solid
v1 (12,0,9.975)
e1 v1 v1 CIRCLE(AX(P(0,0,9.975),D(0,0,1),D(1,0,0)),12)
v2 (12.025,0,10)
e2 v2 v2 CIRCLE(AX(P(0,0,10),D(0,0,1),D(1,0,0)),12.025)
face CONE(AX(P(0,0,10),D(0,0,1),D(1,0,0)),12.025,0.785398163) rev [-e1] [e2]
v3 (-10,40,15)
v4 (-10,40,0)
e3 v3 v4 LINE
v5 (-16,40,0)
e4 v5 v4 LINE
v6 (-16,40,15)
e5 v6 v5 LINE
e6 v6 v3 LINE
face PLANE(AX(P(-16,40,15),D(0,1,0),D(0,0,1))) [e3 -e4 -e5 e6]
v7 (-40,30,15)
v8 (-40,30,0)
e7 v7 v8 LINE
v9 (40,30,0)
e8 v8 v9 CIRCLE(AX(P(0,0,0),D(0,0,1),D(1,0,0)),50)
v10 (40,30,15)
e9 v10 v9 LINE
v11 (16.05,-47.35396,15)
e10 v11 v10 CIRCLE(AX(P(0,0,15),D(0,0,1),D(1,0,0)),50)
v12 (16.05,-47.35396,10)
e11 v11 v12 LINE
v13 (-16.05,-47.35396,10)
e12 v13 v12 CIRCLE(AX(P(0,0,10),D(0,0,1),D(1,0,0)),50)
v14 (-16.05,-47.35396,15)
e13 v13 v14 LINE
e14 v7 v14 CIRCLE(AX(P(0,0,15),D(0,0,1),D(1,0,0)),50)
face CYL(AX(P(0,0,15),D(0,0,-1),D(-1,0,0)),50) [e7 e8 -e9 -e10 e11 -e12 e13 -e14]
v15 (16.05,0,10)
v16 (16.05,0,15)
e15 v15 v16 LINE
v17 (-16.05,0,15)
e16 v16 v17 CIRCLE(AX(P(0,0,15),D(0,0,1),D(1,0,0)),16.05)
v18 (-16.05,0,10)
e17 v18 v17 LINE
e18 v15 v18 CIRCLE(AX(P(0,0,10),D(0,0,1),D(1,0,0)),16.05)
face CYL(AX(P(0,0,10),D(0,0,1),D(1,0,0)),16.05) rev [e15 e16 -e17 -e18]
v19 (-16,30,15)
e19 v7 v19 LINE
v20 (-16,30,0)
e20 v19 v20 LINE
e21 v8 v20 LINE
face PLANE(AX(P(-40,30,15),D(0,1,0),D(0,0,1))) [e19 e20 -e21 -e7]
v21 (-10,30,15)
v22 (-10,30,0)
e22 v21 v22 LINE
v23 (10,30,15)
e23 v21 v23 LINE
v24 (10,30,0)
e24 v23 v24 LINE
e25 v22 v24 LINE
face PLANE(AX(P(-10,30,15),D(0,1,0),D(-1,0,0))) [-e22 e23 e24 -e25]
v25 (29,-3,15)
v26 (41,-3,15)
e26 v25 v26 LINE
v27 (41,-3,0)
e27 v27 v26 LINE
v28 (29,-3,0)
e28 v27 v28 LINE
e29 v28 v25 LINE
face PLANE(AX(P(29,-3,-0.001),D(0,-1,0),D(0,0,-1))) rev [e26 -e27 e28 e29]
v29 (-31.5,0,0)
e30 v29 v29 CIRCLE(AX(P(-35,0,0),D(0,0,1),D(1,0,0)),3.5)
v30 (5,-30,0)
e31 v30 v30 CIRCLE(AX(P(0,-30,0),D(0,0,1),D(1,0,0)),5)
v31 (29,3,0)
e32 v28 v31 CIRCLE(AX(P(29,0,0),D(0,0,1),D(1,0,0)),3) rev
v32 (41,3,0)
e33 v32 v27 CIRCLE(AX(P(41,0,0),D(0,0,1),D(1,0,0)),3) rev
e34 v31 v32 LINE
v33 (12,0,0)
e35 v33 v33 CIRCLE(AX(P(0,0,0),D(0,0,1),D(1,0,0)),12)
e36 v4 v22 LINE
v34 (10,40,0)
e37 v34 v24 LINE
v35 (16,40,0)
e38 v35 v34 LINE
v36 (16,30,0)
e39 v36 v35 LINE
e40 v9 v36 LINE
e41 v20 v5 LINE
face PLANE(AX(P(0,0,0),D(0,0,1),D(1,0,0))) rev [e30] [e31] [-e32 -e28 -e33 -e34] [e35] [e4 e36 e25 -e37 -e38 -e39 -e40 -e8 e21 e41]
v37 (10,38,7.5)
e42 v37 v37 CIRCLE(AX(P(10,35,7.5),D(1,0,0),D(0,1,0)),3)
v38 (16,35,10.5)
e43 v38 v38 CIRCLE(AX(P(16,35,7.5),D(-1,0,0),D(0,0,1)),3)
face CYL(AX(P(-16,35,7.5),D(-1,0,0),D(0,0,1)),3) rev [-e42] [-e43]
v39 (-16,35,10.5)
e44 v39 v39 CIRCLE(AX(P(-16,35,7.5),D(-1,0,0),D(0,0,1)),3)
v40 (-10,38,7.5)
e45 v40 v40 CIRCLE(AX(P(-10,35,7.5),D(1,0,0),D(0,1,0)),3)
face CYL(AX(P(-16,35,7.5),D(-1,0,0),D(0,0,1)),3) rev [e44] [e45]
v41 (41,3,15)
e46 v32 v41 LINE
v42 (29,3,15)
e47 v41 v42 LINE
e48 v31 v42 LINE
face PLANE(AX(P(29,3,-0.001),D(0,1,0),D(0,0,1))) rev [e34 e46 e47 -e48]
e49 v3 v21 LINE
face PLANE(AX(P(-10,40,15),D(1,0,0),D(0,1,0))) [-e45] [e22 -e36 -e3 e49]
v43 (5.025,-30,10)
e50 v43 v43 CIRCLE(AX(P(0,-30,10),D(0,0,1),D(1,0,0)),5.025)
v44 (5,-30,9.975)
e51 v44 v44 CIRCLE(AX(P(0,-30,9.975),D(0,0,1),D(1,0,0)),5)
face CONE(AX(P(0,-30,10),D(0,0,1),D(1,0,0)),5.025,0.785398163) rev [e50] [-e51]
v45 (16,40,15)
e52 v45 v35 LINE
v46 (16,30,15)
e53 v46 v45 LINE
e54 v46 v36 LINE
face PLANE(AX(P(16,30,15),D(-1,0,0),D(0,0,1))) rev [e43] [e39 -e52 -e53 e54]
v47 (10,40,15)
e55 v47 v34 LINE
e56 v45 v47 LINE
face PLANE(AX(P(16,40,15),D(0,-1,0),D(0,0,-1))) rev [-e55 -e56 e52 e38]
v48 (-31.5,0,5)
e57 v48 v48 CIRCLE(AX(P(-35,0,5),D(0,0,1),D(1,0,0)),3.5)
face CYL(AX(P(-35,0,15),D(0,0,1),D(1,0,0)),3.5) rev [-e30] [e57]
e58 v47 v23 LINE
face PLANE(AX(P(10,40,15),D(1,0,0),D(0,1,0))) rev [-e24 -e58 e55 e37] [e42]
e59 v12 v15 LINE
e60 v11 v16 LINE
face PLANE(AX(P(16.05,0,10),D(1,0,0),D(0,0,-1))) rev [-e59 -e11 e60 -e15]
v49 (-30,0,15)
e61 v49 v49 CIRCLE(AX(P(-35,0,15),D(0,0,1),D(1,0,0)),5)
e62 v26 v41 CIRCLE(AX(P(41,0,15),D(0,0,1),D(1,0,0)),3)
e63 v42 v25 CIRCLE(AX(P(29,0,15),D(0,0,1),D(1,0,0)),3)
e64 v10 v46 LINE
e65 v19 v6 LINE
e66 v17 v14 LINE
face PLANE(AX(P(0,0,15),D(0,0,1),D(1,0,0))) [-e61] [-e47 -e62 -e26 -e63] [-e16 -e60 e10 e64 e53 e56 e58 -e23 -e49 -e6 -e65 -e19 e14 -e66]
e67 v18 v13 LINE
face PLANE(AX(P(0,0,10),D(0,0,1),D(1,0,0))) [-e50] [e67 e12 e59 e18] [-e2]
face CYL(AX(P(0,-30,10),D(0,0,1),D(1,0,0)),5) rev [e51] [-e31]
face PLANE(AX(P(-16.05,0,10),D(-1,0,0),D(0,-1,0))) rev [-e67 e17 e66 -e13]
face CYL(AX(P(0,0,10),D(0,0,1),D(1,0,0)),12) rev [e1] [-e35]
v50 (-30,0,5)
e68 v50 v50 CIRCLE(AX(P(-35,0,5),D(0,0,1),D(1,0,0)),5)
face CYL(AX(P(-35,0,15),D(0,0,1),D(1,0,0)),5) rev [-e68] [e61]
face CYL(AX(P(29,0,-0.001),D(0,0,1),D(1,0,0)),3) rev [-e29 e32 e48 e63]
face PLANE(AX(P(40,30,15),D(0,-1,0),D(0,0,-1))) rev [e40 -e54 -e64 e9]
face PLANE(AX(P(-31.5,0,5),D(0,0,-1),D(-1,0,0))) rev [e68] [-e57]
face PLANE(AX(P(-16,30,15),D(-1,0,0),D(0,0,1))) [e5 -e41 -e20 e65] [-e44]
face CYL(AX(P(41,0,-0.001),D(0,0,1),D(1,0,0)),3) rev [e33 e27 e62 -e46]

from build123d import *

# Parameters (mm, degrees)
ESTRUSIONE_ESTRUSIONE1_DEPTH = 15
TAGLIO_ESTRUSIONE1_DEPTH     = 5
TAGLIO_ESTRUSIONE2_REACH     = 74.284
FORO_6_0_6_1_D               = 6


with BuildPart() as part:
    # Schizzo1 → Estrusione-Estrusione1 (new body)
    with BuildSketch(Plane.XY):
        with BuildLine():
            Line((-40, 30), (-16, 30))
            Line((-16, 30), (-16, 40))
            Line((-16, 40), (-10, 40))
            Line((-10, 40), (-10, 30))
            Line((-10, 30), (10, 30))
            Line((10, 30), (10, 40))
            Line((10, 40), (16, 40))
            Line((16, 40), (16, 30))
            Line((16, 30), (40, 30))
            ThreePointArc((40, 30), (0, -50), (-40, 30))
        make_face()
    extrude(amount=ESTRUSIONE_ESTRUSIONE1_DEPTH)

    # Schizzo2 → Taglio-Estrusione1 (cut)
    with BuildSketch(Plane.XY.offset(15)):
        with BuildLine():
            Line((16.05, 0), (16.05, -60))
            ThreePointArc((16.05, -60), (0, -76.05), (-16.05, -60))
            Line((-16.05, -60), (-16.05, 0))
            ThreePointArc((-16.05, 0), (0, 16.05), (16.05, 0))
        make_face()
    extrude(amount=-TAGLIO_ESTRUSIONE1_DEPTH, mode=Mode.SUBTRACT)

    # Schizzo3 → Taglio-Estrusione2 (cut, up to next)
    with BuildSketch(Plane.XY.offset(15), mode=Mode.PRIVATE) as taglio_estrusione2_sk1:
        with BuildLine():
            Line((29, 3), (41, 3))
            ThreePointArc((41, 3), (44, 0), (41, -3))
            Line((41, -3), (29, -3))
            ThreePointArc((29, -3), (26, 0), (29, 3))
        make_face()
    taglio_estrusione2_tool1 = extrude(taglio_estrusione2_sk1.sketch, amount=-TAGLIO_ESTRUSIONE2_REACH, mode=Mode.PRIVATE) & part.part
    add(taglio_estrusione2_tool1.solids().sort_by_distance((35, 0, 15))[0], mode=Mode.SUBTRACT)

    # Schizzo4 → Foro Ø24.0 (24)-1 (revolve, cut)
    with BuildSketch(Plane(origin=(0, 0, 10), x_dir=(0, -1, 0), z_dir=(1, 0, 0))):
        Polygon((0, 0), (0, 10.001), (12, 10.001), (12, 0.025), (12.025, 0), align=None)
    revolve(axis=Axis((0, 0, 16.35), (0, 0, -1)), mode=Mode.SUBTRACT)

    # Schizzo5 → Foro Ø10.0 (10)-1 (revolve, cut)
    with BuildSketch(Plane(origin=(0, -30, 10), x_dir=(0, -1, 0), z_dir=(1, 0, 0))):
        Polygon((0, 0), (0, 10.001), (5, 10.001), (5, 0.025), (5.025, 0), align=None)
    revolve(axis=Axis((0, -30, 16.35), (0, 0, -1)), mode=Mode.SUBTRACT)

    # Schizzo6 → Foro lamato per Bullone M5 a testa esagonale-1 (revolve, cut)
    with BuildSketch(Plane(origin=(-35, 0, 15), x_dir=(0, -1, 0), z_dir=(1, 0, 0))):
        Polygon((0, 0), (0, 15.001), (3.5, 15.001), (3.5, 10), (5, 10), (5, 0), align=None)
    revolve(axis=Axis((-35, 0, 21.35), (0, 0, -1)), mode=Mode.SUBTRACT)

    # Foro Ø6.0 (6)-1 (through all)
    with Locations(Plane(origin=(-16, 35, 7.5), x_dir=(0, 0, -1), z_dir=(-1, 0, 0))):
        with Locations((0, 0)):
            Hole(FORO_6_0_6_1_D / 2)


solid = part.part
